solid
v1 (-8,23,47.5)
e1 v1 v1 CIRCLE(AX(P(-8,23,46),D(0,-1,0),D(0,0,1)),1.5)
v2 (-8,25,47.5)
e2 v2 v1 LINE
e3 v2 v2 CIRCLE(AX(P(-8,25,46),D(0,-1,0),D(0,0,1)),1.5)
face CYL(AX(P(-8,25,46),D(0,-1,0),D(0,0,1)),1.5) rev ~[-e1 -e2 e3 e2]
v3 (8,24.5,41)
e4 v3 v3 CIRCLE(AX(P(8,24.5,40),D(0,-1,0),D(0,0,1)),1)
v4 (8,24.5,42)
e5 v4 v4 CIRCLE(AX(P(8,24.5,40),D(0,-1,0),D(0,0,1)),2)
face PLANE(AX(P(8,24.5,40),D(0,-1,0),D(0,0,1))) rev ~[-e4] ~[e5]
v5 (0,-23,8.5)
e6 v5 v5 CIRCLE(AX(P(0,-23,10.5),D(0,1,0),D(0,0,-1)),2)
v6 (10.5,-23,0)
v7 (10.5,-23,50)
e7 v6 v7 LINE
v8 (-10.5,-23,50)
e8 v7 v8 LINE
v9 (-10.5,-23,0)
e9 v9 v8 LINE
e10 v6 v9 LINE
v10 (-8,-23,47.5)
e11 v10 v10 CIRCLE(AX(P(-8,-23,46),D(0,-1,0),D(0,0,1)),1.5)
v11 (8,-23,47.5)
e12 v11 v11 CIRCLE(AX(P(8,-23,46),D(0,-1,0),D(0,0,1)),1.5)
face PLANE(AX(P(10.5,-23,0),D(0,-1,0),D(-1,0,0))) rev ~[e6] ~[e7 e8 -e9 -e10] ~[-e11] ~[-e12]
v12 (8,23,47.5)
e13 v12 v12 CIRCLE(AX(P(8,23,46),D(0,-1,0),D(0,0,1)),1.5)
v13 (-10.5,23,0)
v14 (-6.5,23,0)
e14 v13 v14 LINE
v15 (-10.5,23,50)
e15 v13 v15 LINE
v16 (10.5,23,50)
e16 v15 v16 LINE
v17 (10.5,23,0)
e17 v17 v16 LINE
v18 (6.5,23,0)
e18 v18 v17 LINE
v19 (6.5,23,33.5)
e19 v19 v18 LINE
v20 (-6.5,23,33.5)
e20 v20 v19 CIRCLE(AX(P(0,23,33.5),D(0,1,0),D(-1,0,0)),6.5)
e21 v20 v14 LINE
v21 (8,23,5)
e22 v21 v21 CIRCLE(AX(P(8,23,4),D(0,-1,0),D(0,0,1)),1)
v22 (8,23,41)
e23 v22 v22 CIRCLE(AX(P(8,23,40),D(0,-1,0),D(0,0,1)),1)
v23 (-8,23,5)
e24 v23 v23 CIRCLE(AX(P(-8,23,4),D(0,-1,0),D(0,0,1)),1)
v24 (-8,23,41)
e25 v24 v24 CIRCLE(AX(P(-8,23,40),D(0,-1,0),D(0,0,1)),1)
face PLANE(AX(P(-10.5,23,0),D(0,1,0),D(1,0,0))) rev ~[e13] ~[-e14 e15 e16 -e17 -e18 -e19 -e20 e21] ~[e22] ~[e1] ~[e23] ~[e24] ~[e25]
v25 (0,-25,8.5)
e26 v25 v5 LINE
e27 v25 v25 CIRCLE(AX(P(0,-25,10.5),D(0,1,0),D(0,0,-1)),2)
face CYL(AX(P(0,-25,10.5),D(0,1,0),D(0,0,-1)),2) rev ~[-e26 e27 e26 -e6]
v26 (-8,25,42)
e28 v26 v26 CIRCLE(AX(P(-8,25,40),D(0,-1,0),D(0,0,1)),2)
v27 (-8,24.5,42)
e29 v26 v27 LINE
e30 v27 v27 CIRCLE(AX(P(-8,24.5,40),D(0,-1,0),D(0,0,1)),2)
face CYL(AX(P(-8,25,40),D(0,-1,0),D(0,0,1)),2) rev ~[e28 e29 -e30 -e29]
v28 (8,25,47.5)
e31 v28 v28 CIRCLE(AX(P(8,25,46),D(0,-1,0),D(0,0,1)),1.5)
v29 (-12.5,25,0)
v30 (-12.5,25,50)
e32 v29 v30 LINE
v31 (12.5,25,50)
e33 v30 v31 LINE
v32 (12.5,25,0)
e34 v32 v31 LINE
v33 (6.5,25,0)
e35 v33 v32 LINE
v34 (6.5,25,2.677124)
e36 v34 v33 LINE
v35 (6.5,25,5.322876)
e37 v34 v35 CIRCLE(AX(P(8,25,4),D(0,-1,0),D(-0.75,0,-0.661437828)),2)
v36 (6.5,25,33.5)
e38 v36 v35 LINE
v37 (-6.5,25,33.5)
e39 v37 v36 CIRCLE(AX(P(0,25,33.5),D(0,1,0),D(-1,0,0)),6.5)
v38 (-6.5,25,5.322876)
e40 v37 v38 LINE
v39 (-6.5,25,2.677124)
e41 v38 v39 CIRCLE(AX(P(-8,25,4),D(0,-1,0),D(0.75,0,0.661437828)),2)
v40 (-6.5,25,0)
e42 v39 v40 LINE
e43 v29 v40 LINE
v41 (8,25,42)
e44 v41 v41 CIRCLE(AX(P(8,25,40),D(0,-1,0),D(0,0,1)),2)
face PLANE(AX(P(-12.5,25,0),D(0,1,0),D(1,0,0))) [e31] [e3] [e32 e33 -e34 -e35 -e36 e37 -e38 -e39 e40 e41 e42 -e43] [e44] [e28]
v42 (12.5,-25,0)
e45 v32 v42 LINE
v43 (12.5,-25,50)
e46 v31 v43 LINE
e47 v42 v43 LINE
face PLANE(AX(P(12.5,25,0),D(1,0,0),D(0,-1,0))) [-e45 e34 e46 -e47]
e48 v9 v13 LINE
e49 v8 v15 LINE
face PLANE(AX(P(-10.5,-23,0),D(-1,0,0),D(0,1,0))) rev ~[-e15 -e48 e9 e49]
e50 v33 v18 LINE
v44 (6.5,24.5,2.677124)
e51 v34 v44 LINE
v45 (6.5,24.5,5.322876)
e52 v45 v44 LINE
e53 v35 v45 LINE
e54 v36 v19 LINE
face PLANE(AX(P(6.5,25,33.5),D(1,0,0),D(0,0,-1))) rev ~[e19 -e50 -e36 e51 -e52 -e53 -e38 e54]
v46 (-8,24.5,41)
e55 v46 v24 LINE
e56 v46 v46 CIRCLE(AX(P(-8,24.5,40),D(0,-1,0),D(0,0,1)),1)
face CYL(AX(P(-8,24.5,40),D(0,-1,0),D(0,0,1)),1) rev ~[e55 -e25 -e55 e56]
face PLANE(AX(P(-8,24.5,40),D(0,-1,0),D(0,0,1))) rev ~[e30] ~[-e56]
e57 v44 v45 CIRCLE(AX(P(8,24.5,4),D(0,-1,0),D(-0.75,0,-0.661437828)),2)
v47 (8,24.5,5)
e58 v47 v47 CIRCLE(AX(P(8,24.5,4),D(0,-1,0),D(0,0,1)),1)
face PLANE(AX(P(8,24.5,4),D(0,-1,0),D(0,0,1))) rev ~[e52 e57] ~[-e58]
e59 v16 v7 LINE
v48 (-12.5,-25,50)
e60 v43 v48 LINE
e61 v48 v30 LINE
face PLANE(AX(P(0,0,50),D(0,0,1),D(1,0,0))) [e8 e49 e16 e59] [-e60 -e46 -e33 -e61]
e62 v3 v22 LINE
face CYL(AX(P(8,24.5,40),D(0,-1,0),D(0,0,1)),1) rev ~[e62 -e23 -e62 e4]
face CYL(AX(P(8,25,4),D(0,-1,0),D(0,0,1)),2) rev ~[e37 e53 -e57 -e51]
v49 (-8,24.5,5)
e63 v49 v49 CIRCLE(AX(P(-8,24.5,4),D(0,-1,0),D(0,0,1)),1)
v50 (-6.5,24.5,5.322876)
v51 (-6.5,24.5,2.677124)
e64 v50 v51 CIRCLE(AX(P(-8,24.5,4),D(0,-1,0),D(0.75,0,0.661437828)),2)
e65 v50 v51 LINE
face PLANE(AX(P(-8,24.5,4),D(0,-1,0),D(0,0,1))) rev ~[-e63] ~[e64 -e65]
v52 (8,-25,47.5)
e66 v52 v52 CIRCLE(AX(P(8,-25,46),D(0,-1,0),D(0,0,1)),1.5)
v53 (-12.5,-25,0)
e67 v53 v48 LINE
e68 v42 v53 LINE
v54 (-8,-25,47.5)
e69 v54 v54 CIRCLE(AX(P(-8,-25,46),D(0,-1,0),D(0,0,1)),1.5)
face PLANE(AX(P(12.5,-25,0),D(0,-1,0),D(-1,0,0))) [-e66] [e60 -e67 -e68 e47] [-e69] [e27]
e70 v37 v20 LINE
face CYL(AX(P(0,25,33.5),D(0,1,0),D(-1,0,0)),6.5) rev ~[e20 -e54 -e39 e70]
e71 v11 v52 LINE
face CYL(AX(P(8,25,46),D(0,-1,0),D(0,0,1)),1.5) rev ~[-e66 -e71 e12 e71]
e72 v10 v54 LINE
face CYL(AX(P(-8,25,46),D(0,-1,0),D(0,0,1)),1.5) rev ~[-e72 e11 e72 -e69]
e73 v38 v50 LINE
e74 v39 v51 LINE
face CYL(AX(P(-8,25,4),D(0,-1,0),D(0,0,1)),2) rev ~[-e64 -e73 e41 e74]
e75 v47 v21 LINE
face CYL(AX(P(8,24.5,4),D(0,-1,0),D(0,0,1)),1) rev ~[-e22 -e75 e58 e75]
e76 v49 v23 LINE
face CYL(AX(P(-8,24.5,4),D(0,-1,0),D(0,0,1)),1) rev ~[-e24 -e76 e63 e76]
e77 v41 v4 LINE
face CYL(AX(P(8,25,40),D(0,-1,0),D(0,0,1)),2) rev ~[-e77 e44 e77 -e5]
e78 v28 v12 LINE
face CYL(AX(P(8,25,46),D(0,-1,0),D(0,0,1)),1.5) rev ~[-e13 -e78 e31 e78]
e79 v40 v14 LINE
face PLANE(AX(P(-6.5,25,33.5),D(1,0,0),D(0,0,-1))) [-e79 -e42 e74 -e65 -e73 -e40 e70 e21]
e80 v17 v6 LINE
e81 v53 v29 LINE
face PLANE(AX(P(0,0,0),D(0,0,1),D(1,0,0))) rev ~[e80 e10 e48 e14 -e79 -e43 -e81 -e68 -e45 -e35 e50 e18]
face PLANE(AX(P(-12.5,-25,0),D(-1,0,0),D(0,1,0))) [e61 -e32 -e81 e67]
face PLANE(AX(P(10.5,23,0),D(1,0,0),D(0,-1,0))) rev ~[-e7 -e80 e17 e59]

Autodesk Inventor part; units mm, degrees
ref_plane "YZ Plane" through (0, 0, 0) normal (1, 0, 0) x (0, 1, 0)
ref_plane "XZ Plane" through (0, 0, 0) normal (0, 1, 0) x (-1, 0, 0)
ref_plane "XY Plane" through (0, 0, 0) normal (0, 0, 1) x (1, 0, 0)
sketch "スケッチ1" plane through (0, 0, 0) normal (0, 0, 1) x (1, 0, 0)
  line L0 (-12.5, 25) -> (12.5, 25)
  line L1 (12.5, 25) -> (12.5, -25)
  line L2 (12.5, -25) -> (-12.5, -25)
  line L3 (-12.5, -25) -> (-12.5, 25)
  line L4 (-10.5, 23) -> (10.5, 23)
  line L5 (10.5, 23) -> (10.5, -23)
  line L6 (10.5, -23) -> (-10.5, -23)
  line L7 (-10.5, -23) -> (-10.5, 23)
  point P0 (0, 0)
  dimension "d0" = 25
  dimension "d1" = 50
  dimension "d2" = 46
  dimension "d3" = 21
  dimension "d4" = 25
  dimension "d5" = 23
  dimension "d6" = 10.5
  dimension "d7" = 12.5
extrude "押し出し1" add sketch "スケッチ1" along normal blind 50
sketch "スケッチ2" plane through (-12.5, 25, 0) normal (0, 1, 0) x (1, 0, 0)
  line L0 (0, 0) -> (25, 0) projected
  line L1 (0, 0) -> (0, -50) projected
  arc A0 (6, -33.5) -> (19, -33.5) centre (12.5, -33.5) ccw
  line L2 (6, -33.5) -> (6, 0)
  line L3 (19, -33.5) -> (19, 0)
  point P0 (12.5, 0)
  dimension "d10" = 13
  dimension "d11" = 33.5
  dimension "d12" = 12.5
extrude "押し出し2" cut sketch "スケッチ2" against normal blind 2
sketch "スケッチ3" plane through (-12.5, 25, 50) normal (0, 1, 0) x (1, 0, 0)
  arc A0 (6, 16.5) -> (19, 16.5) centre (12.5, 16.5) ccw projected
  circle A1 centre (4.5, 10) radius 1
  circle A2 centre (4.5, 46) radius 1
  circle A3 centre (20.5, 46) radius 1
  circle A4 centre (20.5, 10) radius 1
  point P0 (12.5, 50)
  dimension "d15" = 6.5
  dimension "d16" = 6.5
  dimension "d17" = 2
  dimension "d18" = 8
  dimension "d19" = 8
  dimension "d20" = 8
  dimension "d21" = 8
  dimension "d22" = 29.5
  dimension "d23" = 29.5
hole "穴1" at (-8, 25, 4) at (8, 25, 4) at (8, 25, 40) at (-8, 25, 40) direction (0, -1, 0) diameter 2 depth 2 tip angle 118 counterbore diameter 4 counterbore depth 0.5
sketch "スケッチ4" plane through (-12.5, -25, 0) normal (0, -1, 0) x (1, 0, 0)
  line L0 (25, 0) -> (0, 0) projected
  line L1 (25, 0) -> (25, 50) projected
  circle A0 centre (12.5, 10.5) radius 2
  point P0 (12.5, 0)
  dimension "d31" = 4
  dimension "d32" = 12.5
  dimension "d33" = 10.5
hole "穴2" at (0, -25, 10.5) direction (0, 1, 0) diameter 4 end through all
sketch "スケッチ5" plane through (-12.5, 25, 50) normal (0, 1, 0) x (1, 0, 0)
  line L0 (0, 0) -> (25, 0) projected
  arc A0 (6, 16.5) -> (19, 16.5) centre (12.5, 16.5) ccw projected
  circle A1 centre (20.5, 4) radius 1.5
  circle A2 centre (4.5, 4) radius 1.5
  point P0 (12.5, 50)
  dimension "d43" = 4
  dimension "d44" = 4
  dimension "d46" = 8
  dimension "d47" = 8
  dimension "d57" = 3
hole "穴4" at (-8, 25, 46) at (8, 25, 46) direction (0, -1, 0) diameter 3 end through all
thread "ねじ1" size "M3x0.5" class "6H" standard "ANSI Metric M Profile" full length
thread "ねじ2" size "M3x0.5" class "6H" standard "ANSI Metric M Profile" full length
thread "ねじ3" size "M3x0.5" class "6H" standard "ANSI Metric M Profile" full length
thread "ねじ4" size "M3x0.5" class "6H" standard "ANSI Metric M Profile" full length
properties part number "14" material "アルミニウム 6061"
